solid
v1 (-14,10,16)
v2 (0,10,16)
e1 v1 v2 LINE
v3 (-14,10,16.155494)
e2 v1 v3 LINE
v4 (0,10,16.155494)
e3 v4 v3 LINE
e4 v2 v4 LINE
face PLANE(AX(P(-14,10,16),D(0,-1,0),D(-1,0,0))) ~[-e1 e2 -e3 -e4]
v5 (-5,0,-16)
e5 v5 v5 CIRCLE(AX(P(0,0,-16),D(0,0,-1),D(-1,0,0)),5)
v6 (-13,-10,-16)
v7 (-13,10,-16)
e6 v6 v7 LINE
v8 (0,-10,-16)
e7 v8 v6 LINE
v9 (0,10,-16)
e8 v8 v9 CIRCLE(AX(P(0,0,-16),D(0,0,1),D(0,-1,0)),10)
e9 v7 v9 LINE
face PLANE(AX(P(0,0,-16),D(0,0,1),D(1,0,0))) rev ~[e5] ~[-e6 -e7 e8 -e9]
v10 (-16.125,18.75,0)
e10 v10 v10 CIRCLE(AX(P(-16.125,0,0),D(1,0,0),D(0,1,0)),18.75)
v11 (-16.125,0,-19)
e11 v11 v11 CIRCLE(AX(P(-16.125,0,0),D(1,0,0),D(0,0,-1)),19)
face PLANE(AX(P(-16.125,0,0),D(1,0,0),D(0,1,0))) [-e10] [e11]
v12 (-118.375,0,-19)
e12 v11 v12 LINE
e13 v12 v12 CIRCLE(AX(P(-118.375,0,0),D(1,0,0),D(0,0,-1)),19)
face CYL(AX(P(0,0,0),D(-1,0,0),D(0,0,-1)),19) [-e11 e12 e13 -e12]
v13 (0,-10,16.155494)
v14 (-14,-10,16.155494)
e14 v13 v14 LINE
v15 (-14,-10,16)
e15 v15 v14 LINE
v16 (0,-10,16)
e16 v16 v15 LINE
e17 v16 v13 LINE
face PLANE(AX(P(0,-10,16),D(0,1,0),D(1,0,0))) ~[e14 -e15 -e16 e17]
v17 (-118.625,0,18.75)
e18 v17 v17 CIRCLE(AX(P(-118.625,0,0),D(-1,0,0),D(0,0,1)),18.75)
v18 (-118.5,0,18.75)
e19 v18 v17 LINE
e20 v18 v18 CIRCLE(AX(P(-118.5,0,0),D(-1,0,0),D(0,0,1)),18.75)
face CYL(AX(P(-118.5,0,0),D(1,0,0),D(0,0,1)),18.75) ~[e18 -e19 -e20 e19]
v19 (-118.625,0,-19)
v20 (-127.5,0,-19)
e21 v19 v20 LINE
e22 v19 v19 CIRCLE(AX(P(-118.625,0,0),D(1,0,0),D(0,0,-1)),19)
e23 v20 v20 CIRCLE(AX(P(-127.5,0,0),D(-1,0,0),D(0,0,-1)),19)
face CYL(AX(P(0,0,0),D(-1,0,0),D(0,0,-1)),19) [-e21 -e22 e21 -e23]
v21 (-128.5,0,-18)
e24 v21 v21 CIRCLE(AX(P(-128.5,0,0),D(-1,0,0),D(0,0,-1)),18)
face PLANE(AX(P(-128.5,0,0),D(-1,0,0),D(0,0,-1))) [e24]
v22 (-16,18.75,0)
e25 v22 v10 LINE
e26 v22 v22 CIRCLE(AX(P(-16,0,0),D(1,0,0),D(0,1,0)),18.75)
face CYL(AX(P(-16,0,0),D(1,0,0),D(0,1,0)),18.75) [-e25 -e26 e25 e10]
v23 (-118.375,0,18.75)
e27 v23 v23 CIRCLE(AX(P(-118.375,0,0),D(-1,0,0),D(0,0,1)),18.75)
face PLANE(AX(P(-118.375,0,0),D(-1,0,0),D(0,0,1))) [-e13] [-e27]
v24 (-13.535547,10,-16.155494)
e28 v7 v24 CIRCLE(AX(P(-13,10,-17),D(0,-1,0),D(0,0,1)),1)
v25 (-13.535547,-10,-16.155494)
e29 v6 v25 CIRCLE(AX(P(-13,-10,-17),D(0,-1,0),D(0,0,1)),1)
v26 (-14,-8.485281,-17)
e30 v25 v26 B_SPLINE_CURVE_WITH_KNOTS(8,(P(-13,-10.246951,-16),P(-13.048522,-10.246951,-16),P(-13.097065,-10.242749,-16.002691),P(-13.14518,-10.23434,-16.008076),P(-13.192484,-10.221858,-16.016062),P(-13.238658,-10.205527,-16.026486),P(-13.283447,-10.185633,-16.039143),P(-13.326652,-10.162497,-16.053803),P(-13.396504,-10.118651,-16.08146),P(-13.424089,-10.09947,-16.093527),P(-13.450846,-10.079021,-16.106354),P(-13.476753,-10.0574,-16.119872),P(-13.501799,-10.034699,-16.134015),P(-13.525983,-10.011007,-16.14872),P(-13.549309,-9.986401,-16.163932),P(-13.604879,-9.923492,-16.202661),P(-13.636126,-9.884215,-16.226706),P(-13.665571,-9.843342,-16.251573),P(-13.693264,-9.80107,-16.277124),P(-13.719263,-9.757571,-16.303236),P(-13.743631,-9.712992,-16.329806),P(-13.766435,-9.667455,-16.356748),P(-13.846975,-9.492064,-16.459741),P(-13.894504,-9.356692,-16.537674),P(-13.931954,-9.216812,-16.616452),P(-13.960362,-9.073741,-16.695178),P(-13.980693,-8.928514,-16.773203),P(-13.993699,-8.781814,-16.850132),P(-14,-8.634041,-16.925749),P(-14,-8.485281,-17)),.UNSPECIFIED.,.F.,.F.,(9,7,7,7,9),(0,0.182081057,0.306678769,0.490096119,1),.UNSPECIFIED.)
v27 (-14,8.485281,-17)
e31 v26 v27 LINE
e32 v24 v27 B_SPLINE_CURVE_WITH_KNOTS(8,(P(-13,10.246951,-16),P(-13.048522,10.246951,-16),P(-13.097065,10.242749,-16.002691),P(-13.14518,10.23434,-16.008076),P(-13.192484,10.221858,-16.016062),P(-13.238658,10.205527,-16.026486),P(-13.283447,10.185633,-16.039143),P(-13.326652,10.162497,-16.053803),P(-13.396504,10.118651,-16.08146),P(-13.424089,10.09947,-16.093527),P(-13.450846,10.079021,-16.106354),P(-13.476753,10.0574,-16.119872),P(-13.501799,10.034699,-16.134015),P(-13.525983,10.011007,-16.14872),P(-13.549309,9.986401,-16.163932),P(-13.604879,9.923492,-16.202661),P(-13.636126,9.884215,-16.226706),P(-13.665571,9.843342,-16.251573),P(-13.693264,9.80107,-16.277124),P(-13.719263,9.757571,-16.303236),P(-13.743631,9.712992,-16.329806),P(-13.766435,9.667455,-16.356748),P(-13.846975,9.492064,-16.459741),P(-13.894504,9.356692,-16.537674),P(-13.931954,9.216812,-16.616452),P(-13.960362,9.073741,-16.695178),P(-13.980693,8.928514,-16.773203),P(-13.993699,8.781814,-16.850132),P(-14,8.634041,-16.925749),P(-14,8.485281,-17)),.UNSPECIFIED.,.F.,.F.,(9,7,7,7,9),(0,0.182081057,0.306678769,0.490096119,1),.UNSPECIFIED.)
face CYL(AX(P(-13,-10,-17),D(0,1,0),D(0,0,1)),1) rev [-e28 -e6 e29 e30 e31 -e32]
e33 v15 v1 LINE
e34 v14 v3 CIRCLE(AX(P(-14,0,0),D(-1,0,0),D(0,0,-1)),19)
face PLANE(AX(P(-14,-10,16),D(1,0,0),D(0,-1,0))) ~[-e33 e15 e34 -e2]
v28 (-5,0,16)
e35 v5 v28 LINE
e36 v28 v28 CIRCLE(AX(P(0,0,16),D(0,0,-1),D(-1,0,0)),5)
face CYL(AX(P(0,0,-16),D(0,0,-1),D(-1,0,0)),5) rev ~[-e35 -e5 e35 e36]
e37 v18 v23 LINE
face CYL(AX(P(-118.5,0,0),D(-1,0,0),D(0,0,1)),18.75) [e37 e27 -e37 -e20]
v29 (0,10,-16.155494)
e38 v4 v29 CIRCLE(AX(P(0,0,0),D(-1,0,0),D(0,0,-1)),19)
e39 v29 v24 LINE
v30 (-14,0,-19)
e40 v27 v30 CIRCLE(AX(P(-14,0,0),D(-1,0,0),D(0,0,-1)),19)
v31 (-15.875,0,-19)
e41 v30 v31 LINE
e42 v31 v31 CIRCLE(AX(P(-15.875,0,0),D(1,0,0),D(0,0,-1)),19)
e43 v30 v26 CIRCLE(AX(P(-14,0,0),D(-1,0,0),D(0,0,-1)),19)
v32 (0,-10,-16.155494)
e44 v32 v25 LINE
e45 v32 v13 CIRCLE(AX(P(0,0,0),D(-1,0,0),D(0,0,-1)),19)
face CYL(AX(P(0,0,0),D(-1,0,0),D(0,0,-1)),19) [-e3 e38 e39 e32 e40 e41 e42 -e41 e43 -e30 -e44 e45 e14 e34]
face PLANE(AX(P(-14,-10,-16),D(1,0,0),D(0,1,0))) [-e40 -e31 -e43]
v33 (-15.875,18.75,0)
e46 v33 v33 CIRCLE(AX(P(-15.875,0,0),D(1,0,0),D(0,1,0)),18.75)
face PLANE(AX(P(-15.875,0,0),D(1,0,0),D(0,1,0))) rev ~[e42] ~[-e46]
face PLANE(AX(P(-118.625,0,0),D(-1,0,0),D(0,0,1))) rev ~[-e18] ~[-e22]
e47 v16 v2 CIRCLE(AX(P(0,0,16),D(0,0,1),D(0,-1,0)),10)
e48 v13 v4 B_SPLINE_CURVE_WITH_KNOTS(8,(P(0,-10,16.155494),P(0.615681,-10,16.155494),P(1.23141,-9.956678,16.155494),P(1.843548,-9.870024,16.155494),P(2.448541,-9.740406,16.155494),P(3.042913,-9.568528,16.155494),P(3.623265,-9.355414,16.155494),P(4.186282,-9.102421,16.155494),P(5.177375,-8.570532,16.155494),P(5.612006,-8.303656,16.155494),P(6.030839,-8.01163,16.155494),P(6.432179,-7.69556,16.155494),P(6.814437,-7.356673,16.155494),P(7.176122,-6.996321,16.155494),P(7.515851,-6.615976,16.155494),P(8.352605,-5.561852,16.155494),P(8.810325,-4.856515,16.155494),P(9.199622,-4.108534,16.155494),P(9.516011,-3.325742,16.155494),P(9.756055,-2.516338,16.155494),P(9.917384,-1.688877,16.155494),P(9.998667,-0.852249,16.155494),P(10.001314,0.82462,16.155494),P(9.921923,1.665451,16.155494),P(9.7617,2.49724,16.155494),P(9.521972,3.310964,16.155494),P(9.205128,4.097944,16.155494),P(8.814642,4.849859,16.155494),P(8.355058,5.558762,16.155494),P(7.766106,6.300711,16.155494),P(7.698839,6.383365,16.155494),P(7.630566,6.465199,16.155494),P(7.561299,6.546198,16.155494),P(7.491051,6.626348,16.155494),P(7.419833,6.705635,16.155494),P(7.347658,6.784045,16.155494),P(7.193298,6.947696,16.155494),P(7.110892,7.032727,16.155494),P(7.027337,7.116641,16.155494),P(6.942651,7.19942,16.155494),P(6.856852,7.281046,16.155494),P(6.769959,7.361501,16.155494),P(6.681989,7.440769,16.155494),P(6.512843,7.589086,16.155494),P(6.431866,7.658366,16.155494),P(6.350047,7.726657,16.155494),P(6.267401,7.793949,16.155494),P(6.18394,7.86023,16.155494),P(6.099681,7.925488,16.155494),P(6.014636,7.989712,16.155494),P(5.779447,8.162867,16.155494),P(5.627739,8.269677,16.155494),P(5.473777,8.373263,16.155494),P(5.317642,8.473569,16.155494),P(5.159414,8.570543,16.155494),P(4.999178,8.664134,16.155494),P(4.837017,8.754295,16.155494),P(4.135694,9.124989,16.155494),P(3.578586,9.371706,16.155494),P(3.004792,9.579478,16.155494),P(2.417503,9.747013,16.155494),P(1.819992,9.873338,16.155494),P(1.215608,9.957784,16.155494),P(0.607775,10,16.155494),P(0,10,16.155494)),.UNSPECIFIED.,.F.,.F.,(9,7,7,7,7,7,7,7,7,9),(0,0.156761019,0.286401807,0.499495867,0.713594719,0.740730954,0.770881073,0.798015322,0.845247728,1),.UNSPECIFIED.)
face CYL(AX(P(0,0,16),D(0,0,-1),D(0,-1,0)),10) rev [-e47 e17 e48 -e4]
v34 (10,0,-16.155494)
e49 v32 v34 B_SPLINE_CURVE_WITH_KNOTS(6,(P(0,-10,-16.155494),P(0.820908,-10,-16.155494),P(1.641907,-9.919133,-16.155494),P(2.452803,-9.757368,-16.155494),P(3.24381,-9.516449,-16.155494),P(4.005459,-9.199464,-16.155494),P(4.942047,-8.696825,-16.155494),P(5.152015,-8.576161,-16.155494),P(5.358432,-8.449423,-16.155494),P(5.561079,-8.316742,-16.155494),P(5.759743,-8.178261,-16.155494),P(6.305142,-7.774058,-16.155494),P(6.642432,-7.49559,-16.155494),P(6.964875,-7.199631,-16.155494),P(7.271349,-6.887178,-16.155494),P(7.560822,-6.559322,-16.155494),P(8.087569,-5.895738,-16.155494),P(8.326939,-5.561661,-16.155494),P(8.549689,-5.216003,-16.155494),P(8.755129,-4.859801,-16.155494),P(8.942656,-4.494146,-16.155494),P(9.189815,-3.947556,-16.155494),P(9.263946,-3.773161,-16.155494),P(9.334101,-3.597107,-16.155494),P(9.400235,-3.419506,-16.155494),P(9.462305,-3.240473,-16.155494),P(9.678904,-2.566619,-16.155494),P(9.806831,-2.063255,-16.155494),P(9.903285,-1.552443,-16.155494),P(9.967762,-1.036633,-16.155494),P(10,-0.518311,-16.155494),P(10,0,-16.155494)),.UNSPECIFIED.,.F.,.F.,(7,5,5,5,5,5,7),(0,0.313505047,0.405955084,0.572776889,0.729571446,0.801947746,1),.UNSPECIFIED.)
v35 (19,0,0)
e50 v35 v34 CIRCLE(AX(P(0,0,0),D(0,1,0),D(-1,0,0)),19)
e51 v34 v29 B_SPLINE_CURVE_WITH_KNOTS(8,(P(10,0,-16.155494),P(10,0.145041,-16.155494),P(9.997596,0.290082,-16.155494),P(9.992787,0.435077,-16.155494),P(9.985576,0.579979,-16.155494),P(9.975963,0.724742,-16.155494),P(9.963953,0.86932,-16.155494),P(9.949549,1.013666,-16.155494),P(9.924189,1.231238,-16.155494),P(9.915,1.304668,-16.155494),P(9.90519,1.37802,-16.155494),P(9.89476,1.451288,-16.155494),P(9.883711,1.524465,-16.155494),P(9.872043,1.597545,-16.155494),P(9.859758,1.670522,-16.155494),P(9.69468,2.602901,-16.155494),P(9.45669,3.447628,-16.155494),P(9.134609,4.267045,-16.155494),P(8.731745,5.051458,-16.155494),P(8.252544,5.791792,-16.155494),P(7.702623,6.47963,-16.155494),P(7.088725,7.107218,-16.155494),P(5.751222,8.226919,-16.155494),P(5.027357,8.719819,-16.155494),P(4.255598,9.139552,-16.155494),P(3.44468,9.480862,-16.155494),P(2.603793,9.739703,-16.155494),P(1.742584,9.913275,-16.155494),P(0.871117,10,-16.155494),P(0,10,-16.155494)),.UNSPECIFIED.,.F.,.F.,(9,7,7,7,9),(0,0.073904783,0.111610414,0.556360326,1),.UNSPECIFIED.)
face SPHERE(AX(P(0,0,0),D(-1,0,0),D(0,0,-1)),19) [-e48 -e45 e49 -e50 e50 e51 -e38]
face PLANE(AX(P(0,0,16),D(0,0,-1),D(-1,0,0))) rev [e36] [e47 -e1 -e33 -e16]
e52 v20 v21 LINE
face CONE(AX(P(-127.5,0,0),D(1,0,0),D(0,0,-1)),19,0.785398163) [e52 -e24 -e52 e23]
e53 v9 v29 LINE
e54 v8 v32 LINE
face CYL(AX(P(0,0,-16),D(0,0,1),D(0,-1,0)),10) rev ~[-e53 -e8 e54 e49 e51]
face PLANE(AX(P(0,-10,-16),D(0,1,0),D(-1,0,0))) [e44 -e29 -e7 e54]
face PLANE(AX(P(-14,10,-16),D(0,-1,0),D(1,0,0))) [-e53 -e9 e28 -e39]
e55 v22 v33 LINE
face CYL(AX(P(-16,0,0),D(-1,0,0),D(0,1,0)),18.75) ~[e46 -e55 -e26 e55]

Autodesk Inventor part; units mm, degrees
sketch "Body" plane through (0, 0, 0) normal (0, 1, 0) x (-1, 0, 0)
  circle A0 centre (0, 0) radius 5
  circle A1 centre (0, 0) radius 19
  line L0 (0, -19) -> (128.5, -19)
  line L1 (128.5, -19) -> (128.5, 19)
  line L2 (128.5, 19) -> (0, 19)
  line L3 (0, 19) -> (0, -19)
  line L4 (158, 0) -> (-48.5, 0) construction
  line L5 (0, -26.6) -> (0, 26.6) construction
  line L6 (-19, 0) -> (128.5, 0)
  point P0 (0, 0)
  dimension "d0" = 10
  dimension "d1" = 38
  dimension "d2" = 38
  dimension "d3" = 128.5
revolve "BodyFeature" add sketch "Body" angle 360 about axis through (19, 0, 0) along (-1, 0, 0) picked at (14.1328, -1.7802) picked at (1.7623, -2.8047) picked at (-1.7802, -14.1328) picked at (-0.3709, -3.2915) contours L6 A1 L3 A0 | A0 L3 L6 | L3 A1 L6 A0 | A0 L6 L3 | L6 L1 L0 A1
ref_plane "Work Plane1" through (0, 0, -16) normal (0, 0, 1) x (1, 0, 0)
ref_plane "Work Plane2" through (0, 0, 16) normal (0, 0, 1) x (1, 0, 0)
sketch "Sketch2" plane through (0, 0, -16) normal (0, 0, 1) x (1, 0, 0)
  arc A0 (0, -19) -> (0, 19) centre (0, 0) ccw projected
  arc A1 (0, -10) -> (0, 10) centre (0, 0) ccw
  line L0 (0, -19) -> (0, -10) construction
  line L1 (0, 19) -> (0, -19) construction
  line L2 (0, -10) -> (-14, -10)
  line L3 (-14, -10) -> (-14, 10)
  line L4 (-14, 10) -> (0, 10)
  line L5 (-14, 10) -> (-14, -10)
  dimension "d7" = 10
  dimension "d8" = 14
extrude "Extrusion1" cut sketch "Sketch2" against normal through all
mirror "Mirror1" about plane through (0, 0, 0) normal (0, 0, 1) of "Extrusion1"
sketch "Sketch3" plane through (0, 0, -16) normal (0, 0, -1) x (-1, 0, 0)
  circle A0 centre (0, 0) radius 5
  dimension "d11" = 10
extrude "Extrusion2" cut sketch "Sketch3" against normal through all
fillet "Fillet1" radius 1 1 edges at (-14, 0, -16)
ref_plane "Work Plane3" through (-16, 0, 0) normal (1, 0, 0) x (0, 1, 0)
sketch "Sketch4" plane through (-16, 0, 0) normal (1, 0, 0) x (0, 1, 0)
  circle A0 centre (0, 0) radius 19 projected
  circle A1 centre (0, 0) radius 18.75
  dimension "d16" = 0.25
extrude "Extrusion3" cut sketch "Sketch4" along normal mid plane 0.25
ref_plane "Work Plane4" through (-118.5, 0, 0) normal (-1, 0, 0) x (0, 0, 1)
sketch "Sketch5" plane through (-118.5, 0, 0) normal (-1, 0, 0) x (0, 0, 1)
  circle A0 centre (0, 0) radius 19 projected
  circle A1 centre (0, 0) radius 18.75
  dimension "d20" = 0.25
extrude "Extrusion4" cut sketch "Sketch5" along normal mid plane 0.25
chamfer "Chamfer1" distance 1 angle 45 1 edges at (-128.5, 0, 19)
properties part number "ANT-38-Body"
